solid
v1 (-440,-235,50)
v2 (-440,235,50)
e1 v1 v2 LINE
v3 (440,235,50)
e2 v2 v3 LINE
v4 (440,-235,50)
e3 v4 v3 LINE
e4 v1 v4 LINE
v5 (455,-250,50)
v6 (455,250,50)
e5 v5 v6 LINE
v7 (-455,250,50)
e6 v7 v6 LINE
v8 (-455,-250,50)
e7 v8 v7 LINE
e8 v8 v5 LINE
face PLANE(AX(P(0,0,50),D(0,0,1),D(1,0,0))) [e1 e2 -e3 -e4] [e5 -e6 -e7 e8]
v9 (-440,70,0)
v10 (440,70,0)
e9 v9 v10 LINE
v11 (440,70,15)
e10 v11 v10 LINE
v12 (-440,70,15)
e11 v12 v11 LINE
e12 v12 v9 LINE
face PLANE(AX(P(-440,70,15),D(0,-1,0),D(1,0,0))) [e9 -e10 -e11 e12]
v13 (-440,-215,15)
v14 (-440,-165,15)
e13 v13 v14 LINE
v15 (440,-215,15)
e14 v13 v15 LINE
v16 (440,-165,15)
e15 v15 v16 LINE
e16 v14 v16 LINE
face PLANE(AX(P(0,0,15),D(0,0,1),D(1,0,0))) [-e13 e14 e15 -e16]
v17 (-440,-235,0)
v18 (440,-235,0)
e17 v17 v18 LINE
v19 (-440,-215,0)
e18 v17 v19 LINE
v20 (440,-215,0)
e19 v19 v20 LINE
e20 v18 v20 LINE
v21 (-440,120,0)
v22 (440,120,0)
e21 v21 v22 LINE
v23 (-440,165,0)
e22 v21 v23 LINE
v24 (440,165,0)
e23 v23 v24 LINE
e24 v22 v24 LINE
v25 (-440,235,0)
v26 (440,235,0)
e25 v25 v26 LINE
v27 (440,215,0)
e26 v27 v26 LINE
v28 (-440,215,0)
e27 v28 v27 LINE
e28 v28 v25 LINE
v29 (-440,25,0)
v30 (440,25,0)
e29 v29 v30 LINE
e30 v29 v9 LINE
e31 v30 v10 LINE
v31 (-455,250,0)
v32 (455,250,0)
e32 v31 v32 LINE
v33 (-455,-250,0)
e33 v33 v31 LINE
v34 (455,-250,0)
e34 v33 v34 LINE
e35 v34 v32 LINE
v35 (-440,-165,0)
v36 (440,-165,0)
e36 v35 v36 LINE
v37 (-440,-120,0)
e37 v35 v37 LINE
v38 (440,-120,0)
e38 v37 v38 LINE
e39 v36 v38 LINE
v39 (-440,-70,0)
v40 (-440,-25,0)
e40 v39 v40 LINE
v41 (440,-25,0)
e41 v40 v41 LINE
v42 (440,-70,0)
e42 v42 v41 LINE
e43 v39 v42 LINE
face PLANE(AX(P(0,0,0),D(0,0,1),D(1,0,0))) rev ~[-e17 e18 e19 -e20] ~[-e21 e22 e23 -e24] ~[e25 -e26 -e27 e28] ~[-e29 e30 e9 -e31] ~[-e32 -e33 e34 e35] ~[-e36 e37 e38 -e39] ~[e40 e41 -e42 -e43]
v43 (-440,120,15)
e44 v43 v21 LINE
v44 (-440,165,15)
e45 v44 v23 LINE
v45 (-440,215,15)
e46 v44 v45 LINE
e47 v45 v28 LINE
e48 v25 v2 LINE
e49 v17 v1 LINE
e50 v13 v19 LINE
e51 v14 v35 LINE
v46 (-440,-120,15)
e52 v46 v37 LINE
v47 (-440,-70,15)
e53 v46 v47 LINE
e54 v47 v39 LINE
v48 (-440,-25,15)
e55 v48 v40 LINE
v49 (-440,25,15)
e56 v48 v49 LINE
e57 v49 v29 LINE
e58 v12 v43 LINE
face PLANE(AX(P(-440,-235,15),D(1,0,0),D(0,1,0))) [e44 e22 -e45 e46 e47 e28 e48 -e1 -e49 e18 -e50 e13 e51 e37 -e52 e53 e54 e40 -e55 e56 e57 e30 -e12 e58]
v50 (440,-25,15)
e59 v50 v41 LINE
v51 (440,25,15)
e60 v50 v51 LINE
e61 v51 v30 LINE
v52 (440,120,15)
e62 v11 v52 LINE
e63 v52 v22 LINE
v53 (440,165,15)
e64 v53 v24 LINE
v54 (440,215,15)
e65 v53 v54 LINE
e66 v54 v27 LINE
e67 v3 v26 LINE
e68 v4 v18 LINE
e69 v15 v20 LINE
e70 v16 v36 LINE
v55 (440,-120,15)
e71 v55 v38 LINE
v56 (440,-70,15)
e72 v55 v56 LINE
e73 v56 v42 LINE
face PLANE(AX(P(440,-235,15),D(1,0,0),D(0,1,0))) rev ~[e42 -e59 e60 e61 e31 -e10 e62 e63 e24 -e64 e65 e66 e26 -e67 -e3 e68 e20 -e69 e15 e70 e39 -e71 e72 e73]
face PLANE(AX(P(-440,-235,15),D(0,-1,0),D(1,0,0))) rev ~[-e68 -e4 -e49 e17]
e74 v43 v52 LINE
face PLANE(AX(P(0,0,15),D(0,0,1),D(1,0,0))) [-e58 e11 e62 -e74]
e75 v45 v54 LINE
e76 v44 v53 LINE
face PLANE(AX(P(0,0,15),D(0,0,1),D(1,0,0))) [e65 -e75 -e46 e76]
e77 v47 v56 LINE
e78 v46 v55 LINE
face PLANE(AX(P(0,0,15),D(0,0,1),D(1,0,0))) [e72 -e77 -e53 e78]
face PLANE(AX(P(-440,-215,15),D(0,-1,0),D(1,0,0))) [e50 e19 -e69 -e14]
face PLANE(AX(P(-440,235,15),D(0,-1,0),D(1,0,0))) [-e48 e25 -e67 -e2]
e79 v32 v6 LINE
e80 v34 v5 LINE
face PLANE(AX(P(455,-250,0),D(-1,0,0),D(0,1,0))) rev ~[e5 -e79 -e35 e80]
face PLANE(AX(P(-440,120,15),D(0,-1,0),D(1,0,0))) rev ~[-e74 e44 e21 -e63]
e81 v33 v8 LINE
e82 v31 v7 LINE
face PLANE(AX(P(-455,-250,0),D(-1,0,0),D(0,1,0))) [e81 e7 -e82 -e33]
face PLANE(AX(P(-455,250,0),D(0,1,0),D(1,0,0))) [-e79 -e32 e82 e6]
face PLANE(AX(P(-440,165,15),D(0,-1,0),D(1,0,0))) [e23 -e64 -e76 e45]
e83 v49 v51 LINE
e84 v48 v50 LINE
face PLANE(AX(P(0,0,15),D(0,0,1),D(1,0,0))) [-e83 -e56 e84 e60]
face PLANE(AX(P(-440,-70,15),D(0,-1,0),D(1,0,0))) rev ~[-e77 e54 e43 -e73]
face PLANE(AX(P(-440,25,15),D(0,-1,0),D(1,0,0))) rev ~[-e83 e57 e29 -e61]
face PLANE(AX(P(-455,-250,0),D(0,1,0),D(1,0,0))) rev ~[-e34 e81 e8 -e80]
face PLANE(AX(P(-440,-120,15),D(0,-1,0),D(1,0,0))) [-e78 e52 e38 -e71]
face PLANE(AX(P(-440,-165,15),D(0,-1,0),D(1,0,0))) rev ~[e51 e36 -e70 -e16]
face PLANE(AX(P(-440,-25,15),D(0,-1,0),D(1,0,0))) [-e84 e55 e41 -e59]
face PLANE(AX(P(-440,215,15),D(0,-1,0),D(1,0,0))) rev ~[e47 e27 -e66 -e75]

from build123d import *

# Parameters (mm, degrees)
F0_W     = 910
F0_H     = 500
F0_W_2   = 880
F0_H_2   = 470
F1_DEPTH = 50
F2_DEPTH = 15
F3_W     = 880
F3_H     = 45
F3_H_2   = 20
F4_DEPTH = 15


with BuildPart() as f1:
    # F0 (on Top) → F1 (new body)
    with BuildSketch(Plane.XY):
        Rectangle(F0_W, F0_H)
        Rectangle(F0_W_2, F0_H_2, mode=Mode.SUBTRACT)
    extrude(amount=F1_DEPTH)

    # F0 (on Top) → F2 (join)
    with BuildSketch(Plane.XY):
        Rectangle(F0_W_2, F0_H_2)
    extrude(amount=F2_DEPTH)

    # F3 (on face) → F4 (cut, through all)
    with BuildSketch(Plane.XY.offset(15)):
        with Locations((0, 142.5)):
            Rectangle(F3_W, F3_H)
        with Locations((0, 47.5)):
            Rectangle(F3_W, F3_H)
        with Locations((0, -47.5)):
            Rectangle(F3_W, F3_H)
        with Locations((0, -142.5)):
            Rectangle(F3_W, F3_H)
        with Locations((0, 225)):
            Rectangle(F3_W, F3_H_2)
        with Locations((0, -225)):
            Rectangle(F3_W, F3_H_2)
    extrude(amount=-F4_DEPTH, mode=Mode.SUBTRACT)


solid = f1.part
